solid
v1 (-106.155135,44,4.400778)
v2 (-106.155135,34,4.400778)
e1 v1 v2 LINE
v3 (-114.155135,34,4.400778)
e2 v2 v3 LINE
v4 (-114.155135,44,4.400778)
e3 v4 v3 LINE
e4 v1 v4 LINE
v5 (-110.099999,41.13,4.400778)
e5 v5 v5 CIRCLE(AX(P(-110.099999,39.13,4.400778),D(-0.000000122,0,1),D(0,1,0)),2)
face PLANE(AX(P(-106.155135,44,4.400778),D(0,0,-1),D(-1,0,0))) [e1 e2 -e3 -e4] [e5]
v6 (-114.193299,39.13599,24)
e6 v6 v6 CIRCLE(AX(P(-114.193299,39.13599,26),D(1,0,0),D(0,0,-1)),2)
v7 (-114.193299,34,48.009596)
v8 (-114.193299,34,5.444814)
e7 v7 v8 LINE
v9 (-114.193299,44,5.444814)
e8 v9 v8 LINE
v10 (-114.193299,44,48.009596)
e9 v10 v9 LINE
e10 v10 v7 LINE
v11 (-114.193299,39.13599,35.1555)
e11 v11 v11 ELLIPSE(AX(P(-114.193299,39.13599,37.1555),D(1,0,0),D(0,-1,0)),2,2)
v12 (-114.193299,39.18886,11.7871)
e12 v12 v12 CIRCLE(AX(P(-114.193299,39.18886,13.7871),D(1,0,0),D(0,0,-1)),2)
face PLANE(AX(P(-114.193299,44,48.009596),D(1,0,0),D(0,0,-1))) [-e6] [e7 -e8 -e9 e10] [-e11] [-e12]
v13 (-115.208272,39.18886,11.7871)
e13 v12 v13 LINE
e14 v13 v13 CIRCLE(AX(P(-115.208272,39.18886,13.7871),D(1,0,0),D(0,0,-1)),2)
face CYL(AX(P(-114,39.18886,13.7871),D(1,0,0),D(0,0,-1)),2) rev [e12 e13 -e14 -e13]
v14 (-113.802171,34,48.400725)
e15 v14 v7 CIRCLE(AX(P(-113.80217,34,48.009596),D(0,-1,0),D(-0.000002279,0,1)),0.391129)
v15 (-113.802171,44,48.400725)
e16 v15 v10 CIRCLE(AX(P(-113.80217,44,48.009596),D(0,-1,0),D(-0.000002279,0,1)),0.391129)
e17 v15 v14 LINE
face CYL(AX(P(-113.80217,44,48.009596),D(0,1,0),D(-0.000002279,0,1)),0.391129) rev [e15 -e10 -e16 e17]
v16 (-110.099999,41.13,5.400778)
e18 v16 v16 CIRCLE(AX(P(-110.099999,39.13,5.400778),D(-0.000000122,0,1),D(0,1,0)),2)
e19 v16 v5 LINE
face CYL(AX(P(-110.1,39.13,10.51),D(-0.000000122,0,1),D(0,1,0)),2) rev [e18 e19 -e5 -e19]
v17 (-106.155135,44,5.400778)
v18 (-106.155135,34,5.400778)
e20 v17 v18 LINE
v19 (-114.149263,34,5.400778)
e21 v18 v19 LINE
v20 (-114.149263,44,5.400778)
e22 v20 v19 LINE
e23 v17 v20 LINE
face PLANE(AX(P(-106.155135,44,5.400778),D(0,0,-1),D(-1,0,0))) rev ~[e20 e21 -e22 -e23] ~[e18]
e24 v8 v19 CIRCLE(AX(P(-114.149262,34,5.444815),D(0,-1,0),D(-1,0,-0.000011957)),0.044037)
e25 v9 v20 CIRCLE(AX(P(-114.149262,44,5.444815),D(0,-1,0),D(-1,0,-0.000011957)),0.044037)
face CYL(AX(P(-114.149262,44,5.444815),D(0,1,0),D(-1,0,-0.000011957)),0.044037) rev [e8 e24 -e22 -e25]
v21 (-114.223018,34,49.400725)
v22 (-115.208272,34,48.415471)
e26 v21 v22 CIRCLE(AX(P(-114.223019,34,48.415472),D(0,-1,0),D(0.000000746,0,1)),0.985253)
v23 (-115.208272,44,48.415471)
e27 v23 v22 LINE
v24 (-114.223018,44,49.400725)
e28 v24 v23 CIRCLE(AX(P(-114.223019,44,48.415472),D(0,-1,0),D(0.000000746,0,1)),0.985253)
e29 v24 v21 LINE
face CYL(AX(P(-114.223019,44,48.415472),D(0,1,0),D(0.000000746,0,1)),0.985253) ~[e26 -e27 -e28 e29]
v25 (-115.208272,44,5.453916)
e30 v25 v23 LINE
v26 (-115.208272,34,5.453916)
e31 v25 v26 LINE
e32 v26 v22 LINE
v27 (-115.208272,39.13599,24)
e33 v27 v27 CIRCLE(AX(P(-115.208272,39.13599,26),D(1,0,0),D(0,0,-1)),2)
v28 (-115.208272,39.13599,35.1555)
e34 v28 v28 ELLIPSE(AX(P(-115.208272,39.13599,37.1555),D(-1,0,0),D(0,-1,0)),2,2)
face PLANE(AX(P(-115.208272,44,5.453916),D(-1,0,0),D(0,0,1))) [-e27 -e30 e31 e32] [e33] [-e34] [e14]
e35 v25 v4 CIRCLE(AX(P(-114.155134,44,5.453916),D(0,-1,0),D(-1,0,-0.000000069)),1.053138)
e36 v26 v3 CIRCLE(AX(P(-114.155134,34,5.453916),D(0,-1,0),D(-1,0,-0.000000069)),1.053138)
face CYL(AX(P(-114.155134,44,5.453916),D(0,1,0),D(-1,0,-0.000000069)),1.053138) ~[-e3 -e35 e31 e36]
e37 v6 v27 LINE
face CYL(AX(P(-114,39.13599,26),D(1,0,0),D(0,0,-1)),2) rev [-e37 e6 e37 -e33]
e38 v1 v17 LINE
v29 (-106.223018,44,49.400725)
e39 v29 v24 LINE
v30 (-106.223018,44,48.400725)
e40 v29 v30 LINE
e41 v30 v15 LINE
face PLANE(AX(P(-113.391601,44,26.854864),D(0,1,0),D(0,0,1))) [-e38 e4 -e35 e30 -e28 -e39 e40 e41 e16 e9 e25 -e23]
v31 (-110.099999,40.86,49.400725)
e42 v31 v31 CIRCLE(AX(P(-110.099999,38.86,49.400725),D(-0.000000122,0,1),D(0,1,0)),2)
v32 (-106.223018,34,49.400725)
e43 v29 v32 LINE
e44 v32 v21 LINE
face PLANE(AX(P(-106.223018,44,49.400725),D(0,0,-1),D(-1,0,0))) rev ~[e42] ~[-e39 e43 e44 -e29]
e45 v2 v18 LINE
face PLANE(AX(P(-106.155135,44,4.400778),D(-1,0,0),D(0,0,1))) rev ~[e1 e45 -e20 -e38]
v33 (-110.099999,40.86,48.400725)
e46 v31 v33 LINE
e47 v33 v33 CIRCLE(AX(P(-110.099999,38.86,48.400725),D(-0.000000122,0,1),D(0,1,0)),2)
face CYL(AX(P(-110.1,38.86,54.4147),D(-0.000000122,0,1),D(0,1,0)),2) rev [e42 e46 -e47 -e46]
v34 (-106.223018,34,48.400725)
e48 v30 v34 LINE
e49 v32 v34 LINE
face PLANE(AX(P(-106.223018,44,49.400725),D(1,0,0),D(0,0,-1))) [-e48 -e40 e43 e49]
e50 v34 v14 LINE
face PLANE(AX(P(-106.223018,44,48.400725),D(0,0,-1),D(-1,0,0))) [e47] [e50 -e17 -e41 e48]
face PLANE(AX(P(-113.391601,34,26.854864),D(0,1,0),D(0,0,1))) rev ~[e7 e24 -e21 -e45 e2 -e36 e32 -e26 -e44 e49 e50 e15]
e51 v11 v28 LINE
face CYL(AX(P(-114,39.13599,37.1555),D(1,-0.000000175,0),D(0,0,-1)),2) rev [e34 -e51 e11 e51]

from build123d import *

# Parameters (mm, degrees)
CYLINDER030_R               = 2
CYLINDER030_DEPTH           = 10
CYLINDER030_PITCH_ANGLE     = 90
CYLINDER030_PLACEMENT_ANGLE = 7e-06
CYLINDER031_R               = 2
CYLINDER031_DEPTH           = 10
CYLINDER031_PITCH_ANGLE     = 90
CYLINDER031_PLACEMENT_ANGLE = 7e-06
CYLINDER026_R               = 2
CYLINDER026_DEPTH           = 2
CYLINDER026_ROLL_ANGLE      = -88.507054
CYLINDER026_PITCH_ANGLE     = -87.01751
CYLINDER026_PLACEMENT_ANGLE = -92.244015
CYLINDER028_R               = 2
CYLINDER028_DEPTH           = 2
CYLINDER028_PLACEMENT_ANGLE = 90.00001
CYLINDER029_R               = 2
CYLINDER029_DEPTH           = 2
CYLINDER029_ROLL_ANGLE      = 90
CYLINDER027_R               = 2
CYLINDER027_DEPTH           = 2
CYLINDER027_ROLL_ANGLE      = 90
CYLINDER025_R               = 2
CYLINDER025_DEPTH           = 2
CYLINDER025_ROLL_ANGLE      = -88.507054
CYLINDER025_PITCH_ANGLE     = -87.01751
CYLINDER025_PLACEMENT_ANGLE = -92.244015
PAD006_DEPTH                = 10
CUT024_PITCH_ANGLE          = 90
CUT024_PLACEMENT_ANGLE      = -90


with BuildPart() as cylinder030:
    # Cylinder030 → Cylinder030 (new body)
    with BuildSketch(Plane.XY):
        Circle(CYLINDER030_R)
    extrude(amount=CYLINDER030_DEPTH)


with BuildPart() as cylinder030_1:
    # Cylinder030 pitch: moved
    add(cylinder030.part.rotate(Axis((0, 0, 0), (0, 1, 0)), CYLINDER030_PITCH_ANGLE))


with BuildPart() as cylinder030_2:
    # Cylinder030 placement: moved
    add(cylinder030_1.part.moved(Location((15.49, 3.9, 4.87))).rotate(Axis((15.49, 3.9, 4.87), (0, 0, 1)), CYLINDER030_PLACEMENT_ANGLE))


with BuildPart() as cylinder031:
    # Cylinder031 → Cylinder031 (new body)
    with BuildSketch(Plane.XY):
        Circle(CYLINDER031_R)
    extrude(amount=CYLINDER031_DEPTH)


with BuildPart() as cylinder031_1:
    # Cylinder031 pitch: moved
    add(cylinder031.part.rotate(Axis((0, 0, 0), (0, 1, 0)), CYLINDER031_PITCH_ANGLE))


with BuildPart() as cylinder031_2:
    # Cylinder031 placement: moved
    add(cylinder031_1.part.moved(Location((-28.4147, 3.9, 5.14))).rotate(Axis((-28.4147, 3.9, 5.14), (0, 0, 1)), CYLINDER031_PLACEMENT_ANGLE))


with BuildPart() as cylinder026:
    # Cylinder026 → Cylinder026 (new body)
    with BuildSketch(Plane.XY):
        Circle(CYLINDER026_R)
    extrude(amount=CYLINDER026_DEPTH)


with BuildPart() as cylinder026_1:
    # Cylinder026 roll: moved
    add(cylinder026.part.rotate(Axis((0, 0, 0), (1, 0, 0)), CYLINDER026_ROLL_ANGLE))


with BuildPart() as cylinder026_2:
    # Cylinder026 pitch: moved
    add(cylinder026_1.part.rotate(Axis((0, 0, 0), (0, 1, 0)), CYLINDER026_PITCH_ANGLE))


with BuildPart() as cylinder026_3:
    # Cylinder026 placement: moved
    add(cylinder026_2.part.moved(Location((-26, 5.29, 4.9))).rotate(Axis((-26, 5.29, 4.9), (0, 0, 1)), CYLINDER026_PLACEMENT_ANGLE))


with BuildPart() as cylinder028:
    # Cylinder028 → Cylinder028 (new body)
    with BuildSketch(Plane.XY):
        Circle(CYLINDER028_R)
    extrude(amount=CYLINDER028_DEPTH)


with BuildPart() as cylinder028_1:
    # Cylinder028 placement: moved
    add(cylinder028.part.moved(Location((-11.1555, 0, 4.86401))).rotate(Axis((-11.1555, 0, 4.86401), (1, 0, 0)), CYLINDER028_PLACEMENT_ANGLE))


with BuildPart() as cylinder029:
    # Cylinder029 → Cylinder029 (new body)
    with BuildSketch(Plane.XY):
        Circle(CYLINDER029_R)
    extrude(amount=CYLINDER029_DEPTH)


with BuildPart() as cylinder029_1:
    # Cylinder029 roll: moved
    add(cylinder029.part.rotate(Axis((0, 0, 0), (1, 0, 0)), CYLINDER029_ROLL_ANGLE))


with BuildPart() as cylinder029_2:
    # Cylinder029 placement: moved
    add(cylinder029_1.part.moved(Location((0, 0, 4.86401))))


with BuildPart() as cylinder027:
    # Cylinder027 → Cylinder027 (new body)
    with BuildSketch(Plane.XY):
        Circle(CYLINDER027_R)
    extrude(amount=CYLINDER027_DEPTH)


with BuildPart() as cylinder027_1:
    # Cylinder027 roll: moved
    add(cylinder027.part.rotate(Axis((0, 0, 0), (1, 0, 0)), CYLINDER027_ROLL_ANGLE))


with BuildPart() as cylinder027_2:
    # Cylinder027 placement: moved
    add(cylinder027_1.part.moved(Location((12.2129, 0, 4.81114))))


with BuildPart() as cylinder025:
    # Cylinder025 → Cylinder025 (new body)
    with BuildSketch(Plane.XY):
        Circle(CYLINDER025_R)
    extrude(amount=CYLINDER025_DEPTH)


with BuildPart() as cylinder025_1:
    # Cylinder025 roll: moved
    add(cylinder025.part.rotate(Axis((0, 0, 0), (1, 0, 0)), CYLINDER025_ROLL_ANGLE))


with BuildPart() as cylinder025_2:
    # Cylinder025 pitch: moved
    add(cylinder025_1.part.rotate(Axis((0, 0, 0), (0, 1, 0)), CYLINDER025_PITCH_ANGLE))


with BuildPart() as cylinder025_3:
    # Cylinder025 placement: moved
    add(cylinder025_2.part.moved(Location((25, 5.38, 4.9))).rotate(Axis((25, 5.38, 4.9), (0, 0, 1)), CYLINDER025_PLACEMENT_ANGLE))


with BuildPart() as cut024:
    # Sketch007 → Pad006 (new body)
    with BuildSketch(Plane.XY):
        with BuildLine():
            Line((20.546084, -1.208272), (-22.415471, -1.208272))
            ThreePointArc((-23.400725, -0.223018), (-23.112151, -0.919698), (-22.415471, -1.208272))
            Line((-23.400725, 7.776982), (-23.400725, -0.223018))
            Line((-23.400725, 7.776982), (-22.400725, 7.776982))
            Line((-22.400725, 7.776982), (-22.400725, 0.197829))
            ThreePointArc((-22.400725, 0.197829), (-22.286166, -0.07874), (-22.009596, -0.193299))
            Line((-22.009596, -0.193299), (20.555186, -0.193299))
            ThreePointArc((20.555186, -0.193299), (20.586324, -0.180401), (20.599222, -0.149263))
            Line((20.599222, 7.844865), (20.599222, -0.149263))
            Line((21.599222, 7.844865), (20.599222, 7.844865))
            Line((21.599222, 7.844865), (21.599222, -0.155135))
            ThreePointArc((20.546084, -1.208272), (21.290765, -0.899815), (21.599222, -0.155135))
        make_face()
    extrude(amount=PAD006_DEPTH)

    # Cut005: cut Cylinder025
    add(cylinder025_3.part, mode=Mode.SUBTRACT)

    # Cut006: cut Cylinder027
    add(cylinder027_2.part, mode=Mode.SUBTRACT)

    # Cut007: cut Cylinder029
    add(cylinder029_2.part, mode=Mode.SUBTRACT)

    # Cut008: cut Cylinder028
    add(cylinder028_1.part, mode=Mode.SUBTRACT)

    # Cut009: cut Cylinder026
    add(cylinder026_3.part, mode=Mode.SUBTRACT)

    # Cut018: cut Cylinder031
    add(cylinder031_2.part, mode=Mode.SUBTRACT)

    # Cut024: cut Cylinder030
    add(cylinder030_2.part, mode=Mode.SUBTRACT)


with BuildPart() as cut024_1:
    # Cut024 pitch: moved
    add(cut024.part.rotate(Axis((0, 0, 0), (0, 1, 0)), CUT024_PITCH_ANGLE))


with BuildPart() as cut024_2:
    # Cut024 placement: moved
    add(cut024_1.part.moved(Location((-114, 44, 26))).rotate(Axis((-114, 44, 26), (0, 0, 1)), CUT024_PLACEMENT_ANGLE))


solid = cut024_2.part
